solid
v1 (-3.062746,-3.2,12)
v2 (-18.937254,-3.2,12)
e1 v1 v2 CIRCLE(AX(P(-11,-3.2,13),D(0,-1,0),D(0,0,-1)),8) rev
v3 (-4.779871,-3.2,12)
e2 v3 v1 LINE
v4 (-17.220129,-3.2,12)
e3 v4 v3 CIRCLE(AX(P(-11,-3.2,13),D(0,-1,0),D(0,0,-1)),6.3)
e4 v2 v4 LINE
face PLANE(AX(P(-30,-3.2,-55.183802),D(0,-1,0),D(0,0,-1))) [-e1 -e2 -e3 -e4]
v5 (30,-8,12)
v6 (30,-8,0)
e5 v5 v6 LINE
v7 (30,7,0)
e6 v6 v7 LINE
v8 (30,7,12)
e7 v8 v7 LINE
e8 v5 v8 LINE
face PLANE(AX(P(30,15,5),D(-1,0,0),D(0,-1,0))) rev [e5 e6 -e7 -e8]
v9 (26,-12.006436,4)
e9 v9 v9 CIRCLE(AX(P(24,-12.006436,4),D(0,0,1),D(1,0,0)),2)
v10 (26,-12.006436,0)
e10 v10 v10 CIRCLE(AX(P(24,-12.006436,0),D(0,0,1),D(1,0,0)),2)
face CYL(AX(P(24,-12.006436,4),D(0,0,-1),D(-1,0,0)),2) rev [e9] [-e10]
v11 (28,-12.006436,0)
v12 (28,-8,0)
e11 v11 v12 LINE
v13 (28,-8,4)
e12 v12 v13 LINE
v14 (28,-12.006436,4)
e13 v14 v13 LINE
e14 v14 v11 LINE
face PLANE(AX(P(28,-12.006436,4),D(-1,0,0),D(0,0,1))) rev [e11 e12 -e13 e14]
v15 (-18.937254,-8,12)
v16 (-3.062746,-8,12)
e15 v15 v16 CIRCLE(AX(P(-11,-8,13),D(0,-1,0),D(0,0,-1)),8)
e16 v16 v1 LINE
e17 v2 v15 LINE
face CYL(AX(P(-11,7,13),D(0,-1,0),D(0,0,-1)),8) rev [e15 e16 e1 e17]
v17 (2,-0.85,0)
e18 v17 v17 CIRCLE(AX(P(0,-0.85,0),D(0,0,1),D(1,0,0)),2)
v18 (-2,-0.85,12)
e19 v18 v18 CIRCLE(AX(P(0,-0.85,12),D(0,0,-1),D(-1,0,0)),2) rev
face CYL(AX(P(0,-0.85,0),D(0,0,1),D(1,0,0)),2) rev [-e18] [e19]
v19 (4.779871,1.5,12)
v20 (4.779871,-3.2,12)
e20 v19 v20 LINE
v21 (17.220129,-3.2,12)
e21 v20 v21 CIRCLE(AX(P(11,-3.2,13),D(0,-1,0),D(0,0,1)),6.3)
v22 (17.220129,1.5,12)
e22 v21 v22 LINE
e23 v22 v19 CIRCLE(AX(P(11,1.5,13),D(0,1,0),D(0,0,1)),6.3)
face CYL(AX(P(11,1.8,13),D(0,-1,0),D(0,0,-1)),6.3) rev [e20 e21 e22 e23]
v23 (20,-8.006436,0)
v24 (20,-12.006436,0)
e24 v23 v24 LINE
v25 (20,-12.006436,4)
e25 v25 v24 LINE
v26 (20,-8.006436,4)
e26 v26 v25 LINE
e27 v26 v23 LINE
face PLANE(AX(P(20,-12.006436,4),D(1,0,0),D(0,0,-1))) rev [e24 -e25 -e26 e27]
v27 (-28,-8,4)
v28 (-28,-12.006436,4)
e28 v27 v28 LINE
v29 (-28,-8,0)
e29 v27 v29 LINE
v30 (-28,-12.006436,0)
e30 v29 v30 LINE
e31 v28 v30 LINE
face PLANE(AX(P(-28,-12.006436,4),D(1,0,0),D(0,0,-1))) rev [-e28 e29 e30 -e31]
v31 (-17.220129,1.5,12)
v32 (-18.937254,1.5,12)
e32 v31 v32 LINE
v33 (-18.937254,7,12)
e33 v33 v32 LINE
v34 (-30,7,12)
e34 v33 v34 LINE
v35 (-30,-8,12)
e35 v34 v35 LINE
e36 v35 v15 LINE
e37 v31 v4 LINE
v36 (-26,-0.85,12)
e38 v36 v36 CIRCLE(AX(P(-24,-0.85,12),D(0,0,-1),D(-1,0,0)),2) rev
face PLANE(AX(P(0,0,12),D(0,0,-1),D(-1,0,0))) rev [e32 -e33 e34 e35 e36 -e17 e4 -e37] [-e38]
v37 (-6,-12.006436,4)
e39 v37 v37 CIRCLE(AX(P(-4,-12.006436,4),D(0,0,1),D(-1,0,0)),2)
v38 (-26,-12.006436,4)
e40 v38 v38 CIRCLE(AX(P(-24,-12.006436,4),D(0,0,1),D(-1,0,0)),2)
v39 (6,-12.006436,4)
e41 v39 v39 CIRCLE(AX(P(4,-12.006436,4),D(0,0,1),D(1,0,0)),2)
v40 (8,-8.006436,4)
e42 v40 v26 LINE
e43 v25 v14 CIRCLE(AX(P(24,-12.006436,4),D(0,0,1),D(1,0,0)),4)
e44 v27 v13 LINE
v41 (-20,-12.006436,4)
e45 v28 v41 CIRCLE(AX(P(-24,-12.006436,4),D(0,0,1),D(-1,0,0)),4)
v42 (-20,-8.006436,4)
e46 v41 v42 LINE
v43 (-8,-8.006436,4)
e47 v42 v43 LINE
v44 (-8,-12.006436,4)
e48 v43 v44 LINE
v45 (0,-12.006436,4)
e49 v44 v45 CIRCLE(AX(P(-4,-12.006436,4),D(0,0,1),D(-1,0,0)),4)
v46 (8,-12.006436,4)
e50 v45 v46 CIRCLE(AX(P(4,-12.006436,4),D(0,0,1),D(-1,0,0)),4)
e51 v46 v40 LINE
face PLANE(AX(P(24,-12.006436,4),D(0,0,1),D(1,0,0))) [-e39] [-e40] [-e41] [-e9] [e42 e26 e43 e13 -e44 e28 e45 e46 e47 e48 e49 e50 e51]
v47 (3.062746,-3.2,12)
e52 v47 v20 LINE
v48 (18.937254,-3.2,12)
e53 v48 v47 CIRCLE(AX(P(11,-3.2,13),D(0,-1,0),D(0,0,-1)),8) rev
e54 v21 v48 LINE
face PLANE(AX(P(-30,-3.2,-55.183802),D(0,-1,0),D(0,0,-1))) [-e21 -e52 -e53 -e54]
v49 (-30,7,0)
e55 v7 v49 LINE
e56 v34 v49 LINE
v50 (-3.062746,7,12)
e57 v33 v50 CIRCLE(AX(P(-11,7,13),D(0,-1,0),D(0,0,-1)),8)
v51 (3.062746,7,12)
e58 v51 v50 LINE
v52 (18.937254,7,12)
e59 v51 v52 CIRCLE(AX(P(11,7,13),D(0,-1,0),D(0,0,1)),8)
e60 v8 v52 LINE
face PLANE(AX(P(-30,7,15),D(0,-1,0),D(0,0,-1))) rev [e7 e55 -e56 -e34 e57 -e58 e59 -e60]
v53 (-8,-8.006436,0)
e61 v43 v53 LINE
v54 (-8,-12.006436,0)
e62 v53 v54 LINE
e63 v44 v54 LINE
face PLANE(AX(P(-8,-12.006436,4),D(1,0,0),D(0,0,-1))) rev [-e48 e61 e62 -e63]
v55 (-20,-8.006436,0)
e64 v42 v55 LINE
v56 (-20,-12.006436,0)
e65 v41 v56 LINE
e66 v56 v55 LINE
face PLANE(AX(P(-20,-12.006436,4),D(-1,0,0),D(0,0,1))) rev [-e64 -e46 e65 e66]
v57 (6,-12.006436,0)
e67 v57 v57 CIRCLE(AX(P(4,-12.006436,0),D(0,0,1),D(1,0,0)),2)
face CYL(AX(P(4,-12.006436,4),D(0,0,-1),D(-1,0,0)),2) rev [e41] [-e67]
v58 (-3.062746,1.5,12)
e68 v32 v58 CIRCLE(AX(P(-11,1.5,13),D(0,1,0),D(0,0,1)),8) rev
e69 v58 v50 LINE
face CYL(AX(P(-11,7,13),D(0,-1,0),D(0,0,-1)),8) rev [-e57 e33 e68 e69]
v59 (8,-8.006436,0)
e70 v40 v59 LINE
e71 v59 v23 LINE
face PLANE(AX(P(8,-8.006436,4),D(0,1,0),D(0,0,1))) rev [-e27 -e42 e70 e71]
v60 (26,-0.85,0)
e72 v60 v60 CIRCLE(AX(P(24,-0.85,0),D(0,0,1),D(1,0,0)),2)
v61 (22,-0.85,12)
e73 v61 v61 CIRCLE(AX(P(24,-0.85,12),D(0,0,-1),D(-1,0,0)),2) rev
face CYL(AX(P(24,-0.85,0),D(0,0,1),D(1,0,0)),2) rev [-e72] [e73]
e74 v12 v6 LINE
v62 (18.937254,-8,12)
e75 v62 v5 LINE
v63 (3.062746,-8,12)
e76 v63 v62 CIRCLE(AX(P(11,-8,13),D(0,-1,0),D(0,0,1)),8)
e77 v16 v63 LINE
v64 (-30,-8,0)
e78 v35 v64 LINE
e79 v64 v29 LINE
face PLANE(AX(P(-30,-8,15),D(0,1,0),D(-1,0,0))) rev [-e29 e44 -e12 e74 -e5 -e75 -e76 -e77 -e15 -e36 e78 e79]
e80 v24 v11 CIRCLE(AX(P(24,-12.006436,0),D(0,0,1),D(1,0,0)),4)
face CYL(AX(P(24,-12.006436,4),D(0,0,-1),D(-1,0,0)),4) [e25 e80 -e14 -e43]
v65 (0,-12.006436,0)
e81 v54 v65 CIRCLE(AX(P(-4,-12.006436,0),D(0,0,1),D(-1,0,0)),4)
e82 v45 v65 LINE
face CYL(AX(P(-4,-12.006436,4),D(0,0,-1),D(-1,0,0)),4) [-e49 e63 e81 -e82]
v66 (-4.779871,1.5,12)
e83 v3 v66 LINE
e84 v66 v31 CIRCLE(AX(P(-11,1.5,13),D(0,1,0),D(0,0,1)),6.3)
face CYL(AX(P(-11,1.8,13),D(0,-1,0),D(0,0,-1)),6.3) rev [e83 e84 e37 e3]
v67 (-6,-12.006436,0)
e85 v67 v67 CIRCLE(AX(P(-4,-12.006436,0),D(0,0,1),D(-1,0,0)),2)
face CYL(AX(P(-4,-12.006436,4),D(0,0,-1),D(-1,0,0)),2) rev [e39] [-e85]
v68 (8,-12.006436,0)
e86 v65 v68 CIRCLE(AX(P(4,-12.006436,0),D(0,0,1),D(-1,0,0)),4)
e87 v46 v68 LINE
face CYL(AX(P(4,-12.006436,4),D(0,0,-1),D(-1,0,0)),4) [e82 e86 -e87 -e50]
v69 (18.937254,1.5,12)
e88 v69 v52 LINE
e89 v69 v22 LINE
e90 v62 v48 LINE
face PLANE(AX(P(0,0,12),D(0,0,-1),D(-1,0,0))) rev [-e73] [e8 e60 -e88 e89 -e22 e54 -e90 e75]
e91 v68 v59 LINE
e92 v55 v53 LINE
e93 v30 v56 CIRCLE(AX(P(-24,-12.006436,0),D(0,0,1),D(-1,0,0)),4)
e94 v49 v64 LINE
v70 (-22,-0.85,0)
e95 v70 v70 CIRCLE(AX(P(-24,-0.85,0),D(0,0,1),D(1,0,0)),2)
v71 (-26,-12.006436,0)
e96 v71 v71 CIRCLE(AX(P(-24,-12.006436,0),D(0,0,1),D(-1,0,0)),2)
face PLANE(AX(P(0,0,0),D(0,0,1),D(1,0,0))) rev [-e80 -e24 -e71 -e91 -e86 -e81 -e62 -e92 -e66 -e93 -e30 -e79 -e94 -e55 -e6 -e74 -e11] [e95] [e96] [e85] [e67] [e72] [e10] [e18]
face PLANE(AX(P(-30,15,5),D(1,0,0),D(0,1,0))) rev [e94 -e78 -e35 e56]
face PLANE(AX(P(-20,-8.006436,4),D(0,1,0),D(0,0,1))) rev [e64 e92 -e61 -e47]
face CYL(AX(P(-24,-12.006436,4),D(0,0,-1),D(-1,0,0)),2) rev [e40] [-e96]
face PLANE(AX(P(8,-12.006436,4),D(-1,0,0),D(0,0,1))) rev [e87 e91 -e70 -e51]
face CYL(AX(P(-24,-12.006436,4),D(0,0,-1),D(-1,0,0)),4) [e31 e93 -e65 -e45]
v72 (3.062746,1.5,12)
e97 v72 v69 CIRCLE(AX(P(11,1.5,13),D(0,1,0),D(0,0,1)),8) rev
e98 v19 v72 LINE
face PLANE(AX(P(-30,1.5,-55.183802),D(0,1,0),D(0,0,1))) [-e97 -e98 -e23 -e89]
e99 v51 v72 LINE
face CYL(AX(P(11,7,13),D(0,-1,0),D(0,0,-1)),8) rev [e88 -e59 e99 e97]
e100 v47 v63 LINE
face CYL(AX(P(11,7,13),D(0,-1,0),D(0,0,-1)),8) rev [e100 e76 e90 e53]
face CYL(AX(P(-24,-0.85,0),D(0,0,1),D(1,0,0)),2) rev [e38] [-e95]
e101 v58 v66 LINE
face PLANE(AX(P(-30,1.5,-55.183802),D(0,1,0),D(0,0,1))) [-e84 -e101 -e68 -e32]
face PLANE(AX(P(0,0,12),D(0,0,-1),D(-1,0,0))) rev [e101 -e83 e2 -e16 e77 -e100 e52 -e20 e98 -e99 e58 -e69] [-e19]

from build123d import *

# Parameters (mm, degrees)
SCHIZZO1_W                   = 60
SCHIZZO1_H                   = 30
ESTRUSIONE_ESTRUSIONE1_DEPTH = 5
SCHIZZO2_W                   = 60
SCHIZZO2_H                   = 8
ESTRUSIONE_ESTRUSIONE2_DEPTH = 20
SCHIZZO3_R                   = 5
TAGLIO_ESTRUSIONE1_DEPTH     = 8
RACCORDO1_R                  = 20
SCHIZZO4_W                   = 60
SCHIZZO4_H                   = 15
ESTRUSIONE_ESTRUSIONE3_DEPTH = 10
SCHIZZO6_R                   = 8
TAGLIO_ESTRUSIONE2_DEPTH     = 15
SCHIZZO8_W                   = 60
SCHIZZO8_H                   = 4.7
ESTRUSIONE_ESTRUSIONE4_DEPTH = 10
SCHIZZO9_R                   = 6.3
TAGLIO_ESTRUSIONE3_DEPTH     = 5
SCHIZZO10_R                  = 2
TAGLIO_ESTRUSIONE4_DEPTH     = 16
SCHIZZO11_W                  = 60
SCHIZZO11_H                  = 8
TAGLIO_ESTRUSIONE5_DEPTH     = 25
SCHIZZO14_W                  = 60
SCHIZZO14_H                  = 5
TAGLIO_ESTRUSIONE7_DEPTH     = 7
SCHIZZO12_R                  = 2
ESTRUSIONE_ESTRUSIONE5_DEPTH = 4
SCHIZZO17_W                  = 60
SCHIZZO17_H                  = 15
TAGLIO_ESTRUSIONE9_DEPTH     = 3


with BuildPart() as part:
    # Schizzo1 → Estrusione-Estrusione1 (new body)
    with BuildSketch(Plane.XY):
        Rectangle(SCHIZZO1_W, SCHIZZO1_H)
    extrude(amount=ESTRUSIONE_ESTRUSIONE1_DEPTH)

    # Schizzo2 → Estrusione-Estrusione2 (add)
    with BuildSketch(Plane.XY.offset(5)):
        with Locations((0, 11)):
            Rectangle(SCHIZZO2_W, SCHIZZO2_H)
    extrude(amount=ESTRUSIONE_ESTRUSIONE2_DEPTH)

    # Schizzo3 → Taglio-Estrusione1 (cut)
    with BuildSketch(Plane(origin=(0, 15, 0), x_dir=(1, 0, 0), z_dir=(0, 1, 0))):
        with Locations((11, -13)):
            Circle(SCHIZZO3_R)
        with Locations((-11, -13)):
            Circle(SCHIZZO3_R)
    extrude(amount=-TAGLIO_ESTRUSIONE1_DEPTH, mode=Mode.SUBTRACT)

    # Raccordo1
    raccordo1_edges = [part.edges().sort_by_distance(p)[0] for p in [
        (30, 11, 25),
        (-30, 11, 25),
    ]]
    fillet(raccordo1_edges, radius=RACCORDO1_R)

    # Schizzo4 → Estrusione-Estrusione3 (add)
    with BuildSketch(Plane.XY.offset(5)):
        with Locations((0, -0.5)):
            Rectangle(SCHIZZO4_W, SCHIZZO4_H)
    extrude(amount=ESTRUSIONE_ESTRUSIONE3_DEPTH)

    # Schizzo6 → Taglio-Estrusione2 (cut)
    with BuildSketch(Plane.XZ.offset(8)):
        with Locations((-11, 13)):
            Circle(SCHIZZO6_R)
        with Locations((11, 13)):
            Circle(SCHIZZO6_R)
    extrude(amount=-TAGLIO_ESTRUSIONE2_DEPTH, mode=Mode.SUBTRACT)

    # Schizzo8 → Estrusione-Estrusione4 (add)
    with BuildSketch(Plane.XY.offset(15)):
        with Locations((0, -0.85)):
            Rectangle(SCHIZZO8_W, SCHIZZO8_H)
    extrude(amount=-ESTRUSIONE_ESTRUSIONE4_DEPTH)

    # Schizzo9 → Taglio-Estrusione3 (cut)
    with BuildSketch(Plane.XZ.offset(3.2)):
        with Locations((-11, 13)):
            Circle(SCHIZZO9_R)
        with Locations((11, 13)):
            Circle(SCHIZZO9_R)
    extrude(amount=-TAGLIO_ESTRUSIONE3_DEPTH, mode=Mode.SUBTRACT)

    # Schizzo10 → Taglio-Estrusione4 (cut, through all)
    with BuildSketch(Plane.XY.offset(15)):
        with Locations((0, -0.85)):
            Circle(SCHIZZO10_R)
        with Locations((24, -0.85)):
            Circle(SCHIZZO10_R)
        with Locations((-24, -0.85)):
            Circle(SCHIZZO10_R)
    extrude(amount=-TAGLIO_ESTRUSIONE4_DEPTH, mode=Mode.SUBTRACT)

    # Schizzo11 → Taglio-Estrusione5 (cut)
    with BuildSketch(Plane(origin=(0, 0, 0), x_dir=(-1, 0, 0), z_dir=(0, 0, -1))):
        with Locations((0, 11)):
            Rectangle(SCHIZZO11_W, SCHIZZO11_H)
    extrude(amount=-TAGLIO_ESTRUSIONE5_DEPTH, mode=Mode.SUBTRACT)

    # Schizzo14 → Taglio-Estrusione7 (cut)
    with BuildSketch(Plane.XZ.offset(15)):
        with Locations((0, 2.5)):
            Rectangle(SCHIZZO14_W, SCHIZZO14_H)
    extrude(amount=-TAGLIO_ESTRUSIONE7_DEPTH, mode=Mode.SUBTRACT)

    # Schizzo12 → Estrusione-Estrusione5 (add)
    with BuildSketch(Plane.XY):
        with BuildLine():
            Line((-28, -12.006435696), (-28, -5.256435696))
            Line((-28, -5.256435696), (28, -5.256435696))
            Line((28, -5.256435696), (28, -12.006435696))
            ThreePointArc((28, -12.006435696), (24, -16.006435696), (20, -12.006435696))
            Line((20, -12.006435696), (20, -8.006435696))
            Line((20, -8.006435696), (8, -8.006435696))
            Line((8, -8.006435696), (8, -12.006435696))
            ThreePointArc((8, -12.006435696), (4, -16.006435696), (0, -12.006435696))
            ThreePointArc((0, -12.006435696), (-4, -16.006435696), (-8, -12.006435696))
            Line((-8, -12.006435696), (-8, -8.006435696))
            Line((-8, -8.006435696), (-20, -8.006435696))
            Line((-20, -8.006435696), (-20, -12.006435696))
            ThreePointArc((-20, -12.006435696), (-24, -16.006435696), (-28, -12.006435696))
        make_face()
        with Locations((24, -12.006435696)):
            Circle(SCHIZZO12_R, mode=Mode.SUBTRACT)
        with Locations((-24, -12.006435696)):
            Circle(SCHIZZO12_R, mode=Mode.SUBTRACT)
        with Locations((4, -12.006435696)):
            Circle(SCHIZZO12_R, mode=Mode.SUBTRACT)
        with Locations((-4, -12.006435696)):
            Circle(SCHIZZO12_R, mode=Mode.SUBTRACT)
    extrude(amount=ESTRUSIONE_ESTRUSIONE5_DEPTH)

    # Schizzo17 → Taglio-Estrusione9 (cut)
    with BuildSketch(Plane.XY.offset(15)):
        with Locations((0, -0.5)):
            Rectangle(SCHIZZO17_W, SCHIZZO17_H)
    extrude(amount=-TAGLIO_ESTRUSIONE9_DEPTH, mode=Mode.SUBTRACT)


solid = part.part
